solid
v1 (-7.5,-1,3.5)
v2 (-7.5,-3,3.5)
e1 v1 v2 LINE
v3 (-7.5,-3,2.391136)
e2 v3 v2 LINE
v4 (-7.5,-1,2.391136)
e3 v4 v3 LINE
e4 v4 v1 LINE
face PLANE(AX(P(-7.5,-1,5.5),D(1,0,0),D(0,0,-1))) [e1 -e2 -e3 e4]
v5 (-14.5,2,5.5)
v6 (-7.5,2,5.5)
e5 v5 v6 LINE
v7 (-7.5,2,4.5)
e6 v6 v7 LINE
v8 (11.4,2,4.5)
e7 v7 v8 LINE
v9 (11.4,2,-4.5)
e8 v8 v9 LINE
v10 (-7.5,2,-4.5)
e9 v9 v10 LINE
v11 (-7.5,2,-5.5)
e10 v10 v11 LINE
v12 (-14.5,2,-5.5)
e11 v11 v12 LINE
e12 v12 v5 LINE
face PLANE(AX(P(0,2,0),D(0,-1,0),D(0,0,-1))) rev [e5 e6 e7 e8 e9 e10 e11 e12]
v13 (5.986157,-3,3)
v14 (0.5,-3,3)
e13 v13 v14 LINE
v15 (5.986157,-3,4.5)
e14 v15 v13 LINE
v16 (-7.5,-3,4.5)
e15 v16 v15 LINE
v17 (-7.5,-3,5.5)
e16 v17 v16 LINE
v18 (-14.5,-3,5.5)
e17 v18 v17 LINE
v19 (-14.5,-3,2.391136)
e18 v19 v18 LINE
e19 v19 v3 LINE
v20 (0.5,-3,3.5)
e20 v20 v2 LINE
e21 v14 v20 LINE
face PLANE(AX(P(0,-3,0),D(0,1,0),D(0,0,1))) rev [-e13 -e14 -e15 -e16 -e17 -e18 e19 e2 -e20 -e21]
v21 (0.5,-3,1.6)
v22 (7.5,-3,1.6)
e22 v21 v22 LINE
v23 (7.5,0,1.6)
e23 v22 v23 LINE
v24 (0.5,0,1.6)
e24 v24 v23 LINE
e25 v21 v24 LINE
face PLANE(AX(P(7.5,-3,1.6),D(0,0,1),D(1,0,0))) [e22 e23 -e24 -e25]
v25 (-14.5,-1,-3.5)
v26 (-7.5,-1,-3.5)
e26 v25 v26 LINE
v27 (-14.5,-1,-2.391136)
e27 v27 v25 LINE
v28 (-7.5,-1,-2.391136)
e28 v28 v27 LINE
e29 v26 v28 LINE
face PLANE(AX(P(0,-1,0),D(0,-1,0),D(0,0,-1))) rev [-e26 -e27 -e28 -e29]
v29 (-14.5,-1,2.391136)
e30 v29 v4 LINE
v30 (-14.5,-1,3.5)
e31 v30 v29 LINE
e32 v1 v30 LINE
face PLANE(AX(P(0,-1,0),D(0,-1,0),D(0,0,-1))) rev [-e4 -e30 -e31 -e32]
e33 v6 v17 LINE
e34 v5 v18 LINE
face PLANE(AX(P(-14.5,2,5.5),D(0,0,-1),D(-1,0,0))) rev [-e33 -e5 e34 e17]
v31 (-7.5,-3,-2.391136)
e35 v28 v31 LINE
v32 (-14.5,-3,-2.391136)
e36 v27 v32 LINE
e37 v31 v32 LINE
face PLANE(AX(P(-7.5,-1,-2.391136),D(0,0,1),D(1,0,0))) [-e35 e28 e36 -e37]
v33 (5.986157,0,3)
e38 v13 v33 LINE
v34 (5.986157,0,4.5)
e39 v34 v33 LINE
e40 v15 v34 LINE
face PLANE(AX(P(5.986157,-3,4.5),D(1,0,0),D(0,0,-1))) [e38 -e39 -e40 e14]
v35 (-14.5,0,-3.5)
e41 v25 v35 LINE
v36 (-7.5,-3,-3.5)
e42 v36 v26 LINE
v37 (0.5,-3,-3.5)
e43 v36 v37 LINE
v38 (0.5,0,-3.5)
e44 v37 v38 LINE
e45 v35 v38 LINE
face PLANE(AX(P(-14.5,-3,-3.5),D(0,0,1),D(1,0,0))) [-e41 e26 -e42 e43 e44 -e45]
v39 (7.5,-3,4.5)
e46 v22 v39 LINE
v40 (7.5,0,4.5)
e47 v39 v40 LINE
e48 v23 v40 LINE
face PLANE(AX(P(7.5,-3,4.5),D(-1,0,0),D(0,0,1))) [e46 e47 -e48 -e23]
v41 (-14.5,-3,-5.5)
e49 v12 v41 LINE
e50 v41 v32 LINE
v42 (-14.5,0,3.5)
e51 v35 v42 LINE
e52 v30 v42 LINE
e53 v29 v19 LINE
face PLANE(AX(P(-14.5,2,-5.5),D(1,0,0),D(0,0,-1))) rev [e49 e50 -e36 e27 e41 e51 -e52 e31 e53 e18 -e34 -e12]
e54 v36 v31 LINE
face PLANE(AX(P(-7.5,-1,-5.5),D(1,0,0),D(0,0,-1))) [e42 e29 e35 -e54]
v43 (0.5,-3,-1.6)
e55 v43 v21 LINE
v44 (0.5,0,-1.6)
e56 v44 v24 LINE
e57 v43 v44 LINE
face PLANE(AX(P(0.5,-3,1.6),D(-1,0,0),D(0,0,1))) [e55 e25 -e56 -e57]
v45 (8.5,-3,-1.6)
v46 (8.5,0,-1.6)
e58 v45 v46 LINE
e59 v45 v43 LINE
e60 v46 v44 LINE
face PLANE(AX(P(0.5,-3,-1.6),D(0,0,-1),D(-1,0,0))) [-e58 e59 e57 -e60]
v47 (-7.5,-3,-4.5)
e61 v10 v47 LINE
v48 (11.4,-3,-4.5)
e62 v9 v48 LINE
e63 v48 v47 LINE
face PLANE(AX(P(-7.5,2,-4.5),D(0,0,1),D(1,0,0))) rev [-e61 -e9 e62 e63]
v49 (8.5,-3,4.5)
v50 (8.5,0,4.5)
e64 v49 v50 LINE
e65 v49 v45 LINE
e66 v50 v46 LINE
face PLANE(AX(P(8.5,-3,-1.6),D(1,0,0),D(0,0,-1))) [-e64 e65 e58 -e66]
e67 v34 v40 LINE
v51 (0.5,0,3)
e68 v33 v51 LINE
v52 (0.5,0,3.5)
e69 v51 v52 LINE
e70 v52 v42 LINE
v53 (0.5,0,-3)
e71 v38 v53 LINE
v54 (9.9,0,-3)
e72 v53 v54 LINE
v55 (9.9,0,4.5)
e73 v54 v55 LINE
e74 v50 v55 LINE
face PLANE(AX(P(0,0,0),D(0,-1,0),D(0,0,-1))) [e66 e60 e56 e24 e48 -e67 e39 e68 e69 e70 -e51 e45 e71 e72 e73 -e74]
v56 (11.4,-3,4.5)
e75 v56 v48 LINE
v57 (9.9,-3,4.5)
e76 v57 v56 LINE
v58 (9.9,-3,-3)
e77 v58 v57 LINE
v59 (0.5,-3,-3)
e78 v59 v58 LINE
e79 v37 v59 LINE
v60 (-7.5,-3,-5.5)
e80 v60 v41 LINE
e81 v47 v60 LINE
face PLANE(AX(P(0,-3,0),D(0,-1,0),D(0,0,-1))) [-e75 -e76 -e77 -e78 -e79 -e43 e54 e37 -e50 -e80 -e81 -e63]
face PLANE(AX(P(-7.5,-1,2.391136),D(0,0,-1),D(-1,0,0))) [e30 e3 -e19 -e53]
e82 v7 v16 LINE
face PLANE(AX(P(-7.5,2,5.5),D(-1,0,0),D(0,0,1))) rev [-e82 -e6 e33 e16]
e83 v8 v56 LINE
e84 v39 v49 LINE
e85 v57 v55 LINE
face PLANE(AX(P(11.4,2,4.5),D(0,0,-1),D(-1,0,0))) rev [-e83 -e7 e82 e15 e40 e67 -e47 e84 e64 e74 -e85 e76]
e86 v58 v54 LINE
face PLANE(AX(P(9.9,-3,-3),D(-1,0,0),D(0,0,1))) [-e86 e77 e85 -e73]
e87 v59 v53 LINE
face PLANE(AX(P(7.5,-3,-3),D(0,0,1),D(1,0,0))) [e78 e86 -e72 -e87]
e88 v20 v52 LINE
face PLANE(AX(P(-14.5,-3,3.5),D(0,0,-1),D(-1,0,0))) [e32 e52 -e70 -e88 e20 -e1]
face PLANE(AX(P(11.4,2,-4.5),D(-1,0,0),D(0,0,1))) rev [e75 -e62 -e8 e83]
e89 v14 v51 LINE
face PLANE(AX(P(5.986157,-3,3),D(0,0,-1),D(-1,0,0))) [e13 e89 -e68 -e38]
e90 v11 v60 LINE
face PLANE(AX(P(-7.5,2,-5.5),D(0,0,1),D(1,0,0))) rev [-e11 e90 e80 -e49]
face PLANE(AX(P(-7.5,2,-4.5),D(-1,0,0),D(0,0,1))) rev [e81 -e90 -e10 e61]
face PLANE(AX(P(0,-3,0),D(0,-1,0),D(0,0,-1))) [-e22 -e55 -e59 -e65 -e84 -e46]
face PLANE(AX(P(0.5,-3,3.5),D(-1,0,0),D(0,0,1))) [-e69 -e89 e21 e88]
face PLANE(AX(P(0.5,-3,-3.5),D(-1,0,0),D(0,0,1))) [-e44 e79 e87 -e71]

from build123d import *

# Parameters (mm, degrees)
BOSS_EXTRUDE1_DEPTH = 2
BOSS_EXTRUDE2_DEPTH = 3
SKETCH3_W           = 7
SKETCH3_H           = 3.108863517
BOSS_EXTRUDE3_DEPTH = 2


with BuildPart() as part:
    # Sketch1 → Boss-Extrude1 (new body)
    with BuildSketch(Plane(origin=(0, 0, 0), x_dir=(1, 0, 0), z_dir=(0, 1, 0))):
        Polygon((-7.5, -4.5), (7.5, -4.5), (11.4, -4.5), (11.4, 4.5), (7.5, 4.5), (-7.5, 4.5), (-7.5, 5.5), (-14.5, 5.5), (-14.5, -5.5), (-7.5, -5.5), align=None)
    extrude(amount=BOSS_EXTRUDE1_DEPTH)

    # Sketch2 → Boss-Extrude2 (add)
    with BuildSketch(Plane(origin=(0, 0, 0), x_dir=(1, 0, 0), z_dir=(0, 1, 0))):
        Polygon((7.5, 4.5), (-7.5, 4.5), (-7.5, 5.5), (-14.5, 5.5), (-14.5, 3.5), (0.5, 3.5), (0.5, 3), (7.5, 3), (9.9, 3), (9.9, -4.5), (11.4, -4.5), (11.4, 4.5), align=None)
        Polygon((-7.5, -4.5), (-7.5, -5.5), (-14.5, -5.5), (-14.5, -3.5), (0.5, -3.5), (0.5, -3), (5.986157355, -3), (5.986157355, -4.5), align=None)
        Polygon((0.5, 1.6), (7.5, 1.6), (8.5, 1.6), (8.5, -4.5), (7.5, -4.5), (7.5, -1.6), (0.5, -1.6), align=None)
    extrude(amount=-BOSS_EXTRUDE2_DEPTH)

    # Sketch3 → Boss-Extrude3 (add)
    with BuildSketch(Plane.XZ.offset(3)):
        with Locations((-11, 3.945568242)):
            Rectangle(SKETCH3_W, SKETCH3_H)
        with Locations((-11, -3.945568242)):
            Rectangle(SKETCH3_W, SKETCH3_H)
    extrude(amount=-BOSS_EXTRUDE3_DEPTH)


solid = part.part
